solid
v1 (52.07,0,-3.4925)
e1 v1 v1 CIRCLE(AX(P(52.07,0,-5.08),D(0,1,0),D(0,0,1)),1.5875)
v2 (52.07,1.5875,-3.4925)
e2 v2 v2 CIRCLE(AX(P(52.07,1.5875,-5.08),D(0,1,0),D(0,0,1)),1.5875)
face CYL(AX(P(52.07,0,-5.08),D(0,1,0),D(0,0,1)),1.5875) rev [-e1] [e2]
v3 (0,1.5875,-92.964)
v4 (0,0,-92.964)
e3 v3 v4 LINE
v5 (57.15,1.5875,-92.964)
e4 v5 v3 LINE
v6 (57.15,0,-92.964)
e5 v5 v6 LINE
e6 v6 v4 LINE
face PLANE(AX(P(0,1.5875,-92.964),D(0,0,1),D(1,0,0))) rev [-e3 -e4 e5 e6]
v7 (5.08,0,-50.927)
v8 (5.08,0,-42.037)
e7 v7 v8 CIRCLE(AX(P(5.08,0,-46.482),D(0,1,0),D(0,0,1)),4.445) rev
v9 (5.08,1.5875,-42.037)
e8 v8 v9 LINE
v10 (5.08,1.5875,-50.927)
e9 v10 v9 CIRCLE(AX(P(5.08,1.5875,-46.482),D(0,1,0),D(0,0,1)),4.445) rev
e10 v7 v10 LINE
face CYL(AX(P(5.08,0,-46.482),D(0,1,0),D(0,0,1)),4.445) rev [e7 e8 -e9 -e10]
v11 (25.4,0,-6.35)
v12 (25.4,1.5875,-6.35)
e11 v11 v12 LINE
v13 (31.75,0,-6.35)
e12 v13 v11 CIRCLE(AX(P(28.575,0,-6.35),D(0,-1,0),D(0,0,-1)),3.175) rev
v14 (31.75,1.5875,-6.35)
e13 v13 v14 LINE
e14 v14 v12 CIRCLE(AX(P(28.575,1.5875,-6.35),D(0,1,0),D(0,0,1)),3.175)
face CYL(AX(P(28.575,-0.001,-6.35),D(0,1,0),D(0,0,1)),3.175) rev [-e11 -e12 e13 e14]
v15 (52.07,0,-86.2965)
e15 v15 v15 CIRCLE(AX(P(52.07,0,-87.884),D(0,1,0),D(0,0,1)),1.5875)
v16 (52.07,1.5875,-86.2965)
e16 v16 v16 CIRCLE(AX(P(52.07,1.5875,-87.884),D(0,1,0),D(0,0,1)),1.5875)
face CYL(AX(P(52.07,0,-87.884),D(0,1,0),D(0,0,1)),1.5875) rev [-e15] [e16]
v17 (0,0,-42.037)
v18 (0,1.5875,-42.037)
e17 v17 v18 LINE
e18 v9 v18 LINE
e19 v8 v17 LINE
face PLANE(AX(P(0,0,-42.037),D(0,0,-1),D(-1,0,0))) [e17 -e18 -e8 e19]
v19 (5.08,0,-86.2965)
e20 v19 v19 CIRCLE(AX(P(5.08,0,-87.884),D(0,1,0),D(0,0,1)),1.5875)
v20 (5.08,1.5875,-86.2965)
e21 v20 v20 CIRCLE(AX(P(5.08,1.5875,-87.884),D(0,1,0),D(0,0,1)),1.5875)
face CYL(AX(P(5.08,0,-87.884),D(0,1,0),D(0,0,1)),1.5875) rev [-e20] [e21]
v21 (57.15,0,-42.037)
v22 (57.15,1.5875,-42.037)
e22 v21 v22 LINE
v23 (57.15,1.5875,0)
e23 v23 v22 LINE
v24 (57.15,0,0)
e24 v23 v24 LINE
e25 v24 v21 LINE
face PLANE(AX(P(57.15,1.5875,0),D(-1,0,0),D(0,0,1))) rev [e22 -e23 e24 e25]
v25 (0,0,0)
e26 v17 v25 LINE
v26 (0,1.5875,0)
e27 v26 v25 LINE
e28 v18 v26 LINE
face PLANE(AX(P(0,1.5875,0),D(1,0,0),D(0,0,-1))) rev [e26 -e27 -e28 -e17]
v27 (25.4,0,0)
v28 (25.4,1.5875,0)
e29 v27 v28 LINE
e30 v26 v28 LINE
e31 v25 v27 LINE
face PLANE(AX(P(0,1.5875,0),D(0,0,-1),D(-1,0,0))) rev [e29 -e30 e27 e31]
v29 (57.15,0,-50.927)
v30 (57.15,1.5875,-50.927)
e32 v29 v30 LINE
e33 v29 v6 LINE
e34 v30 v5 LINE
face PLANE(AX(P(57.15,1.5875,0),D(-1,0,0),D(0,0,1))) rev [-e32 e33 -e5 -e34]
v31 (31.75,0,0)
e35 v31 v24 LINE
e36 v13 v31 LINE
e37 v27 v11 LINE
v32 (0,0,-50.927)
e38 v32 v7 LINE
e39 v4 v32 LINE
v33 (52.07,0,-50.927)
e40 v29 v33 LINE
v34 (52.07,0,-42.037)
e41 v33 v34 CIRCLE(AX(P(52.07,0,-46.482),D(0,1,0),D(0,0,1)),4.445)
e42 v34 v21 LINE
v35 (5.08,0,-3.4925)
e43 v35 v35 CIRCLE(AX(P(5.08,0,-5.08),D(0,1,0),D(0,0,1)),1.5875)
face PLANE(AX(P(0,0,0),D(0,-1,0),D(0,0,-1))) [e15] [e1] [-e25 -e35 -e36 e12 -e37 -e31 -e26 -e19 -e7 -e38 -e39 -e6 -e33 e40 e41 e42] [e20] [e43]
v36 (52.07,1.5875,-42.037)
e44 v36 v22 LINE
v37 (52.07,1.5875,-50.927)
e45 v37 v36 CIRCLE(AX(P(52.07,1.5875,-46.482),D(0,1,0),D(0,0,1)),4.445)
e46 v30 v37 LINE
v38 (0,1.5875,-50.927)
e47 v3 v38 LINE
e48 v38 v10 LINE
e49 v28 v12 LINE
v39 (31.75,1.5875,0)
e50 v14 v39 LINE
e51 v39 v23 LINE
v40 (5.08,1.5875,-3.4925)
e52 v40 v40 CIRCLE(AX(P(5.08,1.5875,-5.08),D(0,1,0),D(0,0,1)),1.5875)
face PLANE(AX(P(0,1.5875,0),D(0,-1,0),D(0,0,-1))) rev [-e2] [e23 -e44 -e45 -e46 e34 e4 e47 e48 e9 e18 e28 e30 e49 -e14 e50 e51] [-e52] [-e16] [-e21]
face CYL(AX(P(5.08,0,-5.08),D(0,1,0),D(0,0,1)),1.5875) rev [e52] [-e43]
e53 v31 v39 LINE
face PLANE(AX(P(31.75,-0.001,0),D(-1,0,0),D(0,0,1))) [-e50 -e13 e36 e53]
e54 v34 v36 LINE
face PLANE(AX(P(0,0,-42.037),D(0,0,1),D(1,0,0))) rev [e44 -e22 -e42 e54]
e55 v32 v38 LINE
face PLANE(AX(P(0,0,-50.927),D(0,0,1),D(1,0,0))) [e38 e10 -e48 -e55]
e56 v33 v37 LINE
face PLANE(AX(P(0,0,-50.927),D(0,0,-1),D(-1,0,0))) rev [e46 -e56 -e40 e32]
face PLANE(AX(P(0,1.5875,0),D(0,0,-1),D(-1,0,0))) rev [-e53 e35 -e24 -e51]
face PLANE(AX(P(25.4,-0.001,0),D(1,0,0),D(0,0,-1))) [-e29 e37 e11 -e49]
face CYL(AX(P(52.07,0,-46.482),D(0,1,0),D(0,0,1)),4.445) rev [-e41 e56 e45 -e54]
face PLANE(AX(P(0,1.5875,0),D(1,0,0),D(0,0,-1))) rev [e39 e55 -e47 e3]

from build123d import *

# Parameters (mm, degrees)
SKETCH1_W           = 57.15
SKETCH1_H           = 92.964
BOSS_EXTRUDE1_DEPTH = 1.5875
SKETCH2_R           = 1.5875
CUT_EXTRUDE1_DEPTH  = 110.137289467
SKETCH3_R           = 4.445
CUT_EXTRUDE2_DEPTH  = 110.137289467
CUT_EXTRUDE3_REACH  = 111.137


with BuildPart() as part:
    # Sketch1 → Boss-Extrude1 (new body)
    with BuildSketch(Plane(origin=(0, 0, 0), x_dir=(1, 0, 0), z_dir=(0, 1, 0))):
        with Locations((28.575, 46.482)):
            Rectangle(SKETCH1_W, SKETCH1_H)
    extrude(amount=BOSS_EXTRUDE1_DEPTH)

    # Sketch2 → Cut-Extrude1 (cut, through all)
    with BuildSketch(Plane(origin=(0, 1.5875, 0), x_dir=(1, 0, 0), z_dir=(0, 1, 0))):
        with Locations(Location((5.08, 87.884, 0), (0, 0, 270))):
            Circle(SKETCH2_R)
        with Locations(Location((52.07, 87.884, 0), (0, 0, 270))):
            Circle(SKETCH2_R)
        with Locations(Location((5.08, 5.08, 0), (0, 0, 270))):
            Circle(SKETCH2_R)
        with Locations(Location((52.07, 5.08, 0), (0, 0, 270))):
            Circle(SKETCH2_R)
    extrude(amount=-CUT_EXTRUDE1_DEPTH, mode=Mode.SUBTRACT)

    # Sketch3 → Cut-Extrude2 (cut, through all)
    with BuildSketch(Plane(origin=(0, 1.5875, 0), x_dir=(1, 0, 0), z_dir=(0, 1, 0))):
        with BuildLine():
            ThreePointArc((56.515, 46.482), (55.213089642, 43.338910358), (52.07, 42.037))
            Line((52.07, 42.037), (57.15, 42.037))
            Line((57.15, 42.037), (57.15, 50.927))
            Line((57.15, 50.927), (52.07, 50.927))
            ThreePointArc((52.07, 50.927), (55.213089642, 49.625089642), (56.515, 46.482))
        make_face()
        with Locations((52.07, 46.482)):
            Circle(SKETCH3_R)
        with Locations((5.08, 46.482)):
            Circle(SKETCH3_R)
        with BuildLine():
            Line((5.08, 50.927), (0, 50.927))
            Line((0, 50.927), (0, 42.037))
            Line((0, 42.037), (5.08, 42.037))
            ThreePointArc((5.08, 42.037), (0.635, 46.482), (5.08, 50.927))
        make_face()
    extrude(amount=-CUT_EXTRUDE2_DEPTH, mode=Mode.SUBTRACT)

    # Sketch4 → Cut-Extrude3 (cut, up to next)
    with BuildSketch(Plane(origin=(0, 1.5875, 0), x_dir=(1, 0, 0), z_dir=(0, 1, 0)), mode=Mode.PRIVATE) as cut_extrude3_sk1:
        with BuildLine():
            ThreePointArc((28.575, 3.175), (30.82006403, 4.10493597), (31.75, 6.35))
            ThreePointArc((31.75, 6.35), (30.82006403, 8.59506403), (28.575, 9.525))
            Line((28.575, 9.525), (28.575, 3.175))
        make_face()
    cut_extrude3_tool1 = extrude(cut_extrude3_sk1.sketch, amount=-CUT_EXTRUDE3_REACH, mode=Mode.PRIVATE) & part.part
    # Sketch4 → Cut-Extrude3 (cut, up to next)
    with BuildSketch(Plane(origin=(0, 1.5875, 0), x_dir=(1, 0, 0), z_dir=(0, 1, 0)), mode=Mode.PRIVATE) as cut_extrude3_sk2:
        with BuildLine():
            Line((28.575, 3.175), (28.575, 9.525))
            ThreePointArc((28.575, 9.525), (26.32993597, 8.59506403), (25.4, 6.35))
            ThreePointArc((25.4, 6.35), (26.32993597, 4.10493597), (28.575, 3.175))
        make_face()
    cut_extrude3_tool2 = extrude(cut_extrude3_sk2.sketch, amount=-CUT_EXTRUDE3_REACH, mode=Mode.PRIVATE) & part.part
    # Sketch4 → Cut-Extrude3 (cut, up to next)
    with BuildSketch(Plane(origin=(0, 1.5875, 0), x_dir=(1, 0, 0), z_dir=(0, 1, 0)), mode=Mode.PRIVATE) as cut_extrude3_sk3:
        with BuildLine():
            ThreePointArc((28.575, 3.175), (30.82006403, 4.10493597), (31.75, 6.35))
            ThreePointArc((31.75, 6.35), (30.82006403, 8.59506403), (28.575, 9.525))
            Line((28.575, 9.525), (28.575, 3.175))
        make_face()
    cut_extrude3_tool3 = extrude(cut_extrude3_sk3.sketch, amount=-CUT_EXTRUDE3_REACH, mode=Mode.PRIVATE) & part.part
    # Sketch4 → Cut-Extrude3 (cut, up to next)
    with BuildSketch(Plane(origin=(0, 1.5875, 0), x_dir=(1, 0, 0), z_dir=(0, 1, 0)), mode=Mode.PRIVATE) as cut_extrude3_sk4:
        with BuildLine():
            Line((28.575, 3.175), (28.575, 9.525))
            ThreePointArc((28.575, 9.525), (26.32993597, 8.59506403), (25.4, 6.35))
            ThreePointArc((25.4, 6.35), (26.32993597, 4.10493597), (28.575, 3.175))
        make_face()
    cut_extrude3_tool4 = extrude(cut_extrude3_sk4.sketch, amount=-CUT_EXTRUDE3_REACH, mode=Mode.PRIVATE) & part.part
    # Sketch4 → Cut-Extrude3 (cut, up to next)
    with BuildSketch(Plane(origin=(0, 1.5875, 0), x_dir=(1, 0, 0), z_dir=(0, 1, 0)), mode=Mode.PRIVATE) as cut_extrude3_sk5:
        with BuildLine():
            Line((28.575, 0), (28.575, 3.175))
            ThreePointArc((28.575, 3.175), (26.32993597, 4.10493597), (25.4, 6.35))
            Line((25.4, 6.35), (25.4, 0))
            Line((25.4, 0), (28.575, 0))
        make_face()
    cut_extrude3_tool5 = extrude(cut_extrude3_sk5.sketch, amount=-CUT_EXTRUDE3_REACH, mode=Mode.PRIVATE) & part.part
    # Sketch4 → Cut-Extrude3 (cut, up to next)
    with BuildSketch(Plane(origin=(0, 1.5875, 0), x_dir=(1, 0, 0), z_dir=(0, 1, 0)), mode=Mode.PRIVATE) as cut_extrude3_sk6:
        with BuildLine():
            Line((31.75, 0), (31.75, 6.35))
            ThreePointArc((31.75, 6.35), (30.82006403, 4.10493597), (28.575, 3.175))
            Line((28.575, 3.175), (28.575, 0))
            Line((28.575, 0), (31.75, 0))
        make_face()
    cut_extrude3_tool6 = extrude(cut_extrude3_sk6.sketch, amount=-CUT_EXTRUDE3_REACH, mode=Mode.PRIVATE) & part.part
    add(cut_extrude3_tool1.solids().sort_by_distance((29.922512, 1.5875, -6.35))[0], mode=Mode.SUBTRACT)
    add(cut_extrude3_tool2.solids().sort_by_distance((27.227488, 1.5875, -6.35))[0], mode=Mode.SUBTRACT)
    add(cut_extrude3_tool3.solids().sort_by_distance((29.922512, 1.5875, -6.35))[0], mode=Mode.SUBTRACT)
    add(cut_extrude3_tool4.solids().sort_by_distance((27.227488, 1.5875, -6.35))[0], mode=Mode.SUBTRACT)
    add(cut_extrude3_tool5.solids().sort_by_distance((26.832316, 1.5875, -1.993291))[0], mode=Mode.SUBTRACT)
    add(cut_extrude3_tool6.solids().sort_by_distance((30.317684, 1.5875, -1.993291))[0], mode=Mode.SUBTRACT)


solid = part.part
